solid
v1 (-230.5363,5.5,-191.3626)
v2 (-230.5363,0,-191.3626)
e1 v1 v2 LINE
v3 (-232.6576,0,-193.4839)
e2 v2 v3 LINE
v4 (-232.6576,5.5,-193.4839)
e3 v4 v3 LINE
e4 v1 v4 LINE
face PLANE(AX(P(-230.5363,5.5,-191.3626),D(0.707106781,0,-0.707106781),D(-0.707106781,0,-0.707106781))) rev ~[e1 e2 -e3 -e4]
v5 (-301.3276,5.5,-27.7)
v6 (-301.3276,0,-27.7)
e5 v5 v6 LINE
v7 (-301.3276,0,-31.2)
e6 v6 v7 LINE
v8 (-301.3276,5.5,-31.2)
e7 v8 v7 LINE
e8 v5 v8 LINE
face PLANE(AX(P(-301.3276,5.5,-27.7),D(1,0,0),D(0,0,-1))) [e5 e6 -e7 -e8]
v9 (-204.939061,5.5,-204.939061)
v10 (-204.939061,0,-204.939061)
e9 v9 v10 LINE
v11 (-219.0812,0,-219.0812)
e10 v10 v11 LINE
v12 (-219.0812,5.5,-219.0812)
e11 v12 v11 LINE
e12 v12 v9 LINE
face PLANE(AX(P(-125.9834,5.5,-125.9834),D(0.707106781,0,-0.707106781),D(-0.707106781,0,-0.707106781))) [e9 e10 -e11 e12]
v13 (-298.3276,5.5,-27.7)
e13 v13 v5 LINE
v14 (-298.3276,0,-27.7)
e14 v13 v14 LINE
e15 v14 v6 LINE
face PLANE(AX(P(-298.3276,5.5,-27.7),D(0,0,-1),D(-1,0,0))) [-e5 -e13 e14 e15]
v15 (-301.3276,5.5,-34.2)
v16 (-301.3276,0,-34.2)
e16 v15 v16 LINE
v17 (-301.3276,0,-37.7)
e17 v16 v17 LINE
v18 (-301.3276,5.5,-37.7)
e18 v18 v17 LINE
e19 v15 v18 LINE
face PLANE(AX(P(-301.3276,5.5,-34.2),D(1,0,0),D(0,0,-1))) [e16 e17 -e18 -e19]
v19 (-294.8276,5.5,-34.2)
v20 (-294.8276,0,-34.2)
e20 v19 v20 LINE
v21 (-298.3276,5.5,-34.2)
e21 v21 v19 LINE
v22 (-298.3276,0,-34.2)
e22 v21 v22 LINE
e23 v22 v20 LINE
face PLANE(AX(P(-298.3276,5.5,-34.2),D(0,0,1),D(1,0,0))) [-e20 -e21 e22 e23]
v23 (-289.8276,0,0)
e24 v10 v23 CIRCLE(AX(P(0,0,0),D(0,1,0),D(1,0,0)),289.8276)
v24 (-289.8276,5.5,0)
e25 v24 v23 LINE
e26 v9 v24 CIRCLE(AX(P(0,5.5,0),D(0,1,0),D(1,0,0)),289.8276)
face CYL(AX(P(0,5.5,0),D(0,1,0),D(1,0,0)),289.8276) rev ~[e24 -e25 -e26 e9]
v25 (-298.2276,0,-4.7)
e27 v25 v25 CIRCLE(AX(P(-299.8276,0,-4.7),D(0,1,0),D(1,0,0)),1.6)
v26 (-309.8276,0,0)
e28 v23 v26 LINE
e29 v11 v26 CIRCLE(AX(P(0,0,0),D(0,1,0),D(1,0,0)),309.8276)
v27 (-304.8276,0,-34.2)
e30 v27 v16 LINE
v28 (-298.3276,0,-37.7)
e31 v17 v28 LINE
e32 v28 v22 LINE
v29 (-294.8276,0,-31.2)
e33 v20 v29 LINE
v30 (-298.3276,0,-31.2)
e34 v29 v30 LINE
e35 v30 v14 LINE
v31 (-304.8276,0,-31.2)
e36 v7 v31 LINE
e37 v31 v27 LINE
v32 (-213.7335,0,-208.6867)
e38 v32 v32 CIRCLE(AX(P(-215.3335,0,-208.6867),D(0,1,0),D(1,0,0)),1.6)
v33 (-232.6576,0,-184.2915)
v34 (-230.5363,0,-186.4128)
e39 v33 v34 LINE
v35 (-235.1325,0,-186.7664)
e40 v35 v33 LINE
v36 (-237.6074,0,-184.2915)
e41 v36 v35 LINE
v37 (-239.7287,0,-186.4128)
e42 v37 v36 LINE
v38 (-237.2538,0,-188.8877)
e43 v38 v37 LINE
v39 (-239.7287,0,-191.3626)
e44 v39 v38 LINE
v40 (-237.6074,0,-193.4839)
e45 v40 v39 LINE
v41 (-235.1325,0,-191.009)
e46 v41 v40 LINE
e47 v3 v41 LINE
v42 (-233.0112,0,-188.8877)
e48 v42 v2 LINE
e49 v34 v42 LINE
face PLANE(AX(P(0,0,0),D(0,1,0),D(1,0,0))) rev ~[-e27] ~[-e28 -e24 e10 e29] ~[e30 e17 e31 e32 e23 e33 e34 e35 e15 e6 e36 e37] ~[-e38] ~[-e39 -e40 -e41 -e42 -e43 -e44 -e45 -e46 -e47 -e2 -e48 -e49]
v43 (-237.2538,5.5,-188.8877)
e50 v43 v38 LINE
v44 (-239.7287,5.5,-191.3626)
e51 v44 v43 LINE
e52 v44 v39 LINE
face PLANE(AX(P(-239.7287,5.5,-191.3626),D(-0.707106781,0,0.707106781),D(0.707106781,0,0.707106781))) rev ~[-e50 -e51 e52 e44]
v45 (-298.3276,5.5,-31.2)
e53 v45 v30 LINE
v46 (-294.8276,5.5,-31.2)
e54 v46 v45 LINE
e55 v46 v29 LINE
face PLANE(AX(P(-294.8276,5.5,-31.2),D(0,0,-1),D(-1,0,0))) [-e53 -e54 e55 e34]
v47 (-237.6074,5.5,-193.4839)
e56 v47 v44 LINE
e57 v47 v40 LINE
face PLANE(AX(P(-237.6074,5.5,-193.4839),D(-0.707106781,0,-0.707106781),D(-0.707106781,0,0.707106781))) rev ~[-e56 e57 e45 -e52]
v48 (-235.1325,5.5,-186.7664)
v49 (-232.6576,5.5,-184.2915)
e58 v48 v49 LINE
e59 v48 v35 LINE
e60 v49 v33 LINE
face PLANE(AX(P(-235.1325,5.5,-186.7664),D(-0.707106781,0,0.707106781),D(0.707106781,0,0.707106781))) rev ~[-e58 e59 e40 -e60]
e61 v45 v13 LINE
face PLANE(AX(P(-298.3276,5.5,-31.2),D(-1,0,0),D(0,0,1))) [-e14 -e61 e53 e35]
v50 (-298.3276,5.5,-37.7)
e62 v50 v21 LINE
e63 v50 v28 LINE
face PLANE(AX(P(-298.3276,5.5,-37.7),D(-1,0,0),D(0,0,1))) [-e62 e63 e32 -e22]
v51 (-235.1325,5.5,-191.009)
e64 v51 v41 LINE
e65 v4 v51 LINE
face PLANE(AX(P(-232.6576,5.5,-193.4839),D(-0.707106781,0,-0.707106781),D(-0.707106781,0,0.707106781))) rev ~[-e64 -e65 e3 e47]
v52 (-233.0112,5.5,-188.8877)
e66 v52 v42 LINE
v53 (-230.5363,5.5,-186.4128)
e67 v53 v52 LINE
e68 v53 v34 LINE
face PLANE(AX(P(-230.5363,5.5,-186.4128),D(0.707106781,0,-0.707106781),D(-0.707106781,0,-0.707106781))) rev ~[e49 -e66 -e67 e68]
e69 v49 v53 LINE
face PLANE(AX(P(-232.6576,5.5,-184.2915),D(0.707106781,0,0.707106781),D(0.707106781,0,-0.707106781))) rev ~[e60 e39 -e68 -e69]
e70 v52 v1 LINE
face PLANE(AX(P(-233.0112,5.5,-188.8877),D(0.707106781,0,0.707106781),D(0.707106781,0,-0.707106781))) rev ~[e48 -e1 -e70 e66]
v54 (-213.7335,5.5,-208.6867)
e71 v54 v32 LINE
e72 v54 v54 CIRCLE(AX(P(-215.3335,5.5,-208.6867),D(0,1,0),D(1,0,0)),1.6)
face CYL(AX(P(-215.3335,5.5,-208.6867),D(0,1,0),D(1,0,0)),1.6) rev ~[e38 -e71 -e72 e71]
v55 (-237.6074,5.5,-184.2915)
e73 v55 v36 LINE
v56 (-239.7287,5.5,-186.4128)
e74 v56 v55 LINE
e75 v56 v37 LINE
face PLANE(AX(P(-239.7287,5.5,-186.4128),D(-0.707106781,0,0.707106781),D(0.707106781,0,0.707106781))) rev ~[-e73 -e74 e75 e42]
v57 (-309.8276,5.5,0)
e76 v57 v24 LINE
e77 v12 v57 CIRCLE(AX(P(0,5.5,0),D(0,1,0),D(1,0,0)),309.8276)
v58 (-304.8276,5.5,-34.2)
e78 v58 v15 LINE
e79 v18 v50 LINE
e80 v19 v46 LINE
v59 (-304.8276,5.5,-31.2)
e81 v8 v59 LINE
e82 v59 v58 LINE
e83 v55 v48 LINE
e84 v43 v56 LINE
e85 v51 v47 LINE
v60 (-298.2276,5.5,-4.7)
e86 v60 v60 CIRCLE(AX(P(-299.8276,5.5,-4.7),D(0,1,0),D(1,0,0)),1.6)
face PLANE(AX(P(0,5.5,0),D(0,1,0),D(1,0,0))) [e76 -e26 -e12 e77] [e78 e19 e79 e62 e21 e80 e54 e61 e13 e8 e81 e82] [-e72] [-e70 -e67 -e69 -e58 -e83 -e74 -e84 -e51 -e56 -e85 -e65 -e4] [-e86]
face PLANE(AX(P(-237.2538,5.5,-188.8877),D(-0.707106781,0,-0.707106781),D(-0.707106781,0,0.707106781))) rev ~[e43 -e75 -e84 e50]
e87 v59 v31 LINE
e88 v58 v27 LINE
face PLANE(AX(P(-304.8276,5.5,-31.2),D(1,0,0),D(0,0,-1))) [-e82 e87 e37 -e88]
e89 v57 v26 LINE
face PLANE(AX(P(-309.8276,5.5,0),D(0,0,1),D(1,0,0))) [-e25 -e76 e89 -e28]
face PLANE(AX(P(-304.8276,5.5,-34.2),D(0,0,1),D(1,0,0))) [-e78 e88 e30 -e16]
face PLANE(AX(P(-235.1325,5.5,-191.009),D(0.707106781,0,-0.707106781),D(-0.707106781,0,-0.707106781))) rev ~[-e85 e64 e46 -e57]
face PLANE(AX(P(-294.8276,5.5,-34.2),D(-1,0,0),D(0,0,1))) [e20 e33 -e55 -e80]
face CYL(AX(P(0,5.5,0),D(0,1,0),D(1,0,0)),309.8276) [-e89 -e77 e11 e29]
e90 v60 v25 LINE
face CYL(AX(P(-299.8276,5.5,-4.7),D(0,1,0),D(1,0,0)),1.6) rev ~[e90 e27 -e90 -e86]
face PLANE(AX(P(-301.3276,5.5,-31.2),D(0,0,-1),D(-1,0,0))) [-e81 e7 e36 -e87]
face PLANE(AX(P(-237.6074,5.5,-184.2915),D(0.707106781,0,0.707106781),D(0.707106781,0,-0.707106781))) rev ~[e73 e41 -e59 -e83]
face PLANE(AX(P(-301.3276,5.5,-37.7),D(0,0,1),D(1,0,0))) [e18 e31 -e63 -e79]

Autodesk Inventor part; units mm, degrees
ref_plane "YZ Plane" through (0, 0, 0) normal (1, 0, 0) x (0, 1, 0)
ref_plane "XZ Plane" through (0, 0, 0) normal (0, 1, 0) x (-1, 0, 0)
ref_plane "XY Plane" through (0, 0, 0) normal (0, 0, 1) x (1, 0, 0)
sketch "スケッチ1" plane through (0, 0, 0) normal (0, 1, 0) x (-1, 0, 0)
  circle A0 centre (0, 0) radius 178.1675
  circle A1 centre (0, 0) radius 157.8276
  line L0 (168.1877, 0) -> (166.7488, -21.9529)
  line L1 (168.1877, 0) -> (130.1721, 2.4917) construction
  line L2 (249.4344, 0) -> (-249.4344, 0) projected
  line L3 (166.7488, -21.9529) -> (156.7702, -21.2989)
  line L4 (156.7702, -21.2989) -> (158.2091, 0.654) construction
  line L5 (158.2091, 0.654) -> (168.1877, 0)
  line L6 (157.4896, -10.3224) -> (0, 0)
  line L7 (166.7488, -21.9529) -> (162.4568, -43.5302)
  line L8 (162.4568, -43.5302) -> (152.649, -41.5793) construction
  line L9 (152.649, -41.5793) -> (156.9409, -20.002) construction
  line L10 (156.9409, -20.002) -> (166.7488, -21.9529) construction
  line L11 (162.4568, -43.5302) -> (155.3851, -64.3626)
  line L12 (155.3851, -64.3626) -> (145.9158, -61.1482) construction
  line L13 (145.9158, -61.1482) -> (152.9875, -40.3158) construction
  line L14 (152.9875, -40.3158) -> (162.4568, -43.5302) construction
  line L15 (155.3851, -64.3626) -> (145.6548, -84.0938)
  line L16 (145.6548, -84.0938) -> (136.6861, -79.6709) construction
  line L17 (136.6861, -79.6709) -> (146.4164, -59.9397) construction
  line L18 (146.4164, -59.9397) -> (155.3851, -64.3626) construction
  line L19 (0, 0) -> (111.6009, -111.6009)
  line L20 (145.6548, -84.0938) -> (137.3401, -78.5381) construction
  line L21 (137.3401, -78.5381) -> (125.1176, -96.8305) construction
  line L22 (125.1176, -96.8305) -> (133.4323, -102.3862) construction
  line L23 (133.4323, -102.3862) -> (145.6548, -84.0938)
  line L24 (133.4323, -102.3862) -> (125.9139, -95.7927) construction
  line L25 (125.9139, -95.7927) -> (111.4082, -112.3332) construction
  line L26 (111.4082, -112.3332) -> (118.9266, -118.9266)
  line L27 (118.9266, -118.9266) -> (133.4323, -102.3862)
  line L28 (111.6009, -111.6009) -> (118.9266, -118.9266)
  line L29 (166.7488, -21.9529) -> (176.7274, -22.6069) construction
  line L30 (118.9266, -118.9266) -> (125.9834, -125.9834)
  point P0 (154.795, -30.7906)
  point P1 (149.4517, -50.732)
  point P2 (141.5512, -69.8053)
  point P3 (131.2288, -87.6843)
  point P4 (118.661, -104.0629)
  point P5 (157.8276, 0)
  point P6 (178.1675, 0)
  dimension "d0" = 22
  dimension "d1" = 10
  dimension "d2" = 45
  dimension "d4" = 315.6551
extrude "押し出し1" add sketch "スケッチ1" along normal blind 5.5 contours L30 L27 L23 L15 L11 L7 L0 L2 A0 | L28 A1 L2 L0 L7 L11 L15 L23 L27
sketch "スケッチ2" plane through (0, 5.5, 0) normal (0, 1, 0) x (1, 0, 0)
  circle A0 centre (0, 0) radius 309.8276
  line L0 (-168.1877, 0) -> (-166.7488, 21.9529) projected
  line L1 (-166.7488, 21.9529) -> (-162.4568, 43.5302) projected
  line L2 (-162.4568, 43.5302) -> (-155.3851, 64.3626) projected
  line L3 (-155.3851, 64.3626) -> (-145.6548, 84.0938) projected
  line L4 (-133.4323, 102.3862) -> (-145.6548, 84.0938) projected
  line L5 (-118.9266, 118.9266) -> (-133.4323, 102.3862) projected
  line L6 (-167.4682, 10.9764) -> (-166.0294, 32.9293)
  line L7 (-166.0294, 32.9293) -> (-275.7938, 40.1237)
  line L8 (-275.7938, 40.1237) -> (-277.2327, 18.1708)
  line L9 (-277.2327, 18.1708) -> (-167.4682, 10.9764)
  line L10 (-164.6028, 32.7415) -> (-160.3108, 54.3188)
  line L11 (-160.3108, 54.3188) -> (-268.1972, 75.7787)
  line L12 (-268.1972, 75.7787) -> (-272.4892, 54.2015)
  line L13 (-272.4892, 54.2015) -> (-164.6028, 32.7415)
  circle A1 centre (-166.7488, 21.9529) radius 11
  circle A2 centre (-162.4568, 43.5302) radius 11
  line L14 (-158.921, 53.9464) -> (-151.8493, 74.7789)
  line L15 (-151.8493, 74.7789) -> (-256.0116, 110.1372)
  line L16 (-256.0116, 110.1372) -> (-263.0833, 89.3047)
  line L17 (-263.0833, 89.3047) -> (-158.921, 53.9464)
  circle A3 centre (-155.3851, 64.3626) radius 11
  arc A4 (-275.7591, 62.4834) -> (-281.3553, 41.7349) centre (-166.7488, 21.9529) ccw
  line L18 (-178.1663, 0.654) -> (-158.2091, -0.654)
  line L19 (-158.2091, -0.654) -> (-156.7702, 21.2989)
  line L20 (-156.7702, 21.2989) -> (-176.7274, 22.6069)
  line L21 (-176.7274, 22.6069) -> (-178.1663, 0.654)
  line L22 (-177.4468, 11.6305) -> (-275.7938, 40.1237)
  line L23 (-176.7274, 22.6069) -> (-176.008, 33.5834)
  line L24 (-176.008, 33.5834) -> (-275.7591, 62.4834)
  line L25 (-275.7938, 40.1237) -> (-281.3553, 41.7349)
  circle A5 centre (0, 0) radius 137.8276
  line L26 (0, 0) -> (-219.0812, 219.0812)
  line L27 (-111.6009, 111.6009) -> (-125.9834, 125.9834) projected
  line L28 (-433.7586, 0) -> (433.7586, 0) projected
  circle A6 centre (0, 0) radius 279.8276 construction
  arc A7 (-111.6009, 111.6009) -> (-157.8276, 0) centre (0, 0) ccw projected
  point P0 (-158.1662, 0)
  point P1 (-137.8276, 0)
  point P2 (-97.4588, 97.4588)
  point P3 (-309.8276, 0)
  dimension "d7" = 22
  dimension "d10" = 20
  dimension "d11" = 100
  dimension "d12" = 30
  dimension "d14" = 20
  dimension "d17" = 122
extrude "押し出し2" add sketch "スケッチ2" against normal blind 5.5 contours L26 L5 L4 L3 A3 L15 L16 L17 A2 L11 L12 L24 A4 L25 L8 L9 L21 L18 L28 A0 | L18 L21 L9 L0 | L0 A1 L19 L28 | A5 L28 A7 A1 A2 A3 L26 | L26 A7 A3 L3 L4 L5 | A1 L21 L20 L0 | L9 L21 A1 | L0 L20 L19 A1 | L19 A7 L28 | L6 A1 L1 | L20 L23 A1 L6 | L1 A1 A7 L19 L20 | L22 L7 L23 A1 L21 | L9 L8 L22 | A1 L23 L21 | A1 A7 L19 | A7 A3 L2 L3 | A3 A7 | A2 L10 L1 | A1 L7 L24 L13 | A2 A7 A1 | L13 L24 L12 L11 A2 | L1 L2 A2 A7 | A1 L23 L7 | L25 A4 L24 L12 L13 L7 | A7 A1 | A7 A2 A3 | L3 L14 A3 | L10 A2 L2 | L13 L12 L24 | A7 A2 | A3 L14 L2 | L17 L16 L15 A3
sketch "スケッチ3" plane through (0, 5.5, 0) normal (0, 1, 0) x (1, 0, 0)
  circle A0 centre (0, 0) radius 289.8276
  arc A1 (-97.4588, 97.4588) -> (-137.8276, 0) centre (0, 0) ccw projected
  line L0 (-97.4588, 97.4588) -> (-219.0812, 219.0812) projected
  line L1 (-309.8276, 0) -> (-137.8276, 0) projected
  arc A2 (-219.0812, 219.0812) -> (-309.8276, 0) centre (0, 0) ccw projected
  point P0 (-289.8276, 0)
  point P1 (-204.939, 204.939)
  dimension "d21" = 20
extrude "押し出し3" cut sketch "スケッチ3" against normal through all contours L0 A1 L1 A0 picked at (-207.353, 118.7807)
sketch "スケッチ4" plane through (0, 5.5, 0) normal (0, 1, 0) x (1, 0, 0)
  circle A0 centre (-299.8276, 4.7) radius 1.6
  line L0 (-304.8276, 34.2) -> (-294.8276, 34.2)
  line L1 (-294.8276, 34.2) -> (-294.8276, 31.2)
  line L2 (-294.8276, 31.2) -> (-304.8276, 31.2)
  line L3 (-304.8276, 31.2) -> (-304.8276, 34.2)
  line L4 (-301.3276, 37.7) -> (-298.3276, 37.7)
  line L5 (-298.3276, 37.7) -> (-298.3276, 27.7)
  line L6 (-298.3276, 27.7) -> (-301.3276, 27.7)
  line L7 (-301.3276, 27.7) -> (-301.3276, 37.7)
  line L8 (-309.8276, 0) -> (-289.8276, 0) projected
  line L9 (0, 0) -> (-215.9005, 89.4289) construction
  line L10 (-371.7931, 0) -> (61.9655, 0) projected
  circle A1 centre (-215.3335, 208.6867) radius 1.6
  line L11 (-239.7287, 191.3626) -> (-232.6576, 184.2915)
  line L12 (-232.6576, 184.2915) -> (-230.5363, 186.4128)
  line L13 (-230.5363, 186.4128) -> (-237.6074, 193.4839)
  line L14 (-237.6074, 193.4839) -> (-239.7287, 191.3626)
  line L15 (-239.7287, 186.4128) -> (-237.6074, 184.2915)
  line L16 (-237.6074, 184.2915) -> (-230.5363, 191.3626)
  line L17 (-230.5363, 191.3626) -> (-232.6576, 193.4839)
  line L18 (-232.6576, 193.4839) -> (-239.7287, 186.4128)
  line L19 (-219.0812, 219.0812) -> (-204.939, 204.939)
  point P0 (-294.8276, 32.7)
  point P1 (-298.3276, 32.7)
  point P2 (-299.8276, 37.7)
  point P3 (-299.8276, 34.2)
  point P4 (-299.8276, 27.7)
  point P5 (-299.8276, 0)
  point P6 (-299.8276, 0)
  point P7 (-231.597, 185.3522)
  point P8 (-234.0718, 187.8271)
  point P9 (-238.668, 185.3522)
  point P10 (-236.1932, 187.8271)
  point P11 (-231.597, 192.4232)
  point P12 (-212.0101, 212.0101)
  point P13 (-212.0101, 212.0101)
  point P14 (-301.3276, 34.2)
  point P15 (-301.3276, 31.2)
  point P16 (-298.3276, 31.2)
  point P17 (-298.3276, 34.2)
  point P18 (-233.0112, 188.8877)
  point P19 (-235.1325, 191.009)
  point P20 (-237.2538, 188.8877)
  point P21 (-235.1325, 186.7664)
  dimension "d22" = 3
  dimension "d23" = 10
  dimension "d24" = 27.7
  dimension "d25" = 4.7
  dimension "d26" = 3.2
  dimension "d27" = 22.5
extrude "押し出し4" cut sketch "スケッチ4" against normal through all
properties part number "front_under" material "木材 (カエデ材)"
